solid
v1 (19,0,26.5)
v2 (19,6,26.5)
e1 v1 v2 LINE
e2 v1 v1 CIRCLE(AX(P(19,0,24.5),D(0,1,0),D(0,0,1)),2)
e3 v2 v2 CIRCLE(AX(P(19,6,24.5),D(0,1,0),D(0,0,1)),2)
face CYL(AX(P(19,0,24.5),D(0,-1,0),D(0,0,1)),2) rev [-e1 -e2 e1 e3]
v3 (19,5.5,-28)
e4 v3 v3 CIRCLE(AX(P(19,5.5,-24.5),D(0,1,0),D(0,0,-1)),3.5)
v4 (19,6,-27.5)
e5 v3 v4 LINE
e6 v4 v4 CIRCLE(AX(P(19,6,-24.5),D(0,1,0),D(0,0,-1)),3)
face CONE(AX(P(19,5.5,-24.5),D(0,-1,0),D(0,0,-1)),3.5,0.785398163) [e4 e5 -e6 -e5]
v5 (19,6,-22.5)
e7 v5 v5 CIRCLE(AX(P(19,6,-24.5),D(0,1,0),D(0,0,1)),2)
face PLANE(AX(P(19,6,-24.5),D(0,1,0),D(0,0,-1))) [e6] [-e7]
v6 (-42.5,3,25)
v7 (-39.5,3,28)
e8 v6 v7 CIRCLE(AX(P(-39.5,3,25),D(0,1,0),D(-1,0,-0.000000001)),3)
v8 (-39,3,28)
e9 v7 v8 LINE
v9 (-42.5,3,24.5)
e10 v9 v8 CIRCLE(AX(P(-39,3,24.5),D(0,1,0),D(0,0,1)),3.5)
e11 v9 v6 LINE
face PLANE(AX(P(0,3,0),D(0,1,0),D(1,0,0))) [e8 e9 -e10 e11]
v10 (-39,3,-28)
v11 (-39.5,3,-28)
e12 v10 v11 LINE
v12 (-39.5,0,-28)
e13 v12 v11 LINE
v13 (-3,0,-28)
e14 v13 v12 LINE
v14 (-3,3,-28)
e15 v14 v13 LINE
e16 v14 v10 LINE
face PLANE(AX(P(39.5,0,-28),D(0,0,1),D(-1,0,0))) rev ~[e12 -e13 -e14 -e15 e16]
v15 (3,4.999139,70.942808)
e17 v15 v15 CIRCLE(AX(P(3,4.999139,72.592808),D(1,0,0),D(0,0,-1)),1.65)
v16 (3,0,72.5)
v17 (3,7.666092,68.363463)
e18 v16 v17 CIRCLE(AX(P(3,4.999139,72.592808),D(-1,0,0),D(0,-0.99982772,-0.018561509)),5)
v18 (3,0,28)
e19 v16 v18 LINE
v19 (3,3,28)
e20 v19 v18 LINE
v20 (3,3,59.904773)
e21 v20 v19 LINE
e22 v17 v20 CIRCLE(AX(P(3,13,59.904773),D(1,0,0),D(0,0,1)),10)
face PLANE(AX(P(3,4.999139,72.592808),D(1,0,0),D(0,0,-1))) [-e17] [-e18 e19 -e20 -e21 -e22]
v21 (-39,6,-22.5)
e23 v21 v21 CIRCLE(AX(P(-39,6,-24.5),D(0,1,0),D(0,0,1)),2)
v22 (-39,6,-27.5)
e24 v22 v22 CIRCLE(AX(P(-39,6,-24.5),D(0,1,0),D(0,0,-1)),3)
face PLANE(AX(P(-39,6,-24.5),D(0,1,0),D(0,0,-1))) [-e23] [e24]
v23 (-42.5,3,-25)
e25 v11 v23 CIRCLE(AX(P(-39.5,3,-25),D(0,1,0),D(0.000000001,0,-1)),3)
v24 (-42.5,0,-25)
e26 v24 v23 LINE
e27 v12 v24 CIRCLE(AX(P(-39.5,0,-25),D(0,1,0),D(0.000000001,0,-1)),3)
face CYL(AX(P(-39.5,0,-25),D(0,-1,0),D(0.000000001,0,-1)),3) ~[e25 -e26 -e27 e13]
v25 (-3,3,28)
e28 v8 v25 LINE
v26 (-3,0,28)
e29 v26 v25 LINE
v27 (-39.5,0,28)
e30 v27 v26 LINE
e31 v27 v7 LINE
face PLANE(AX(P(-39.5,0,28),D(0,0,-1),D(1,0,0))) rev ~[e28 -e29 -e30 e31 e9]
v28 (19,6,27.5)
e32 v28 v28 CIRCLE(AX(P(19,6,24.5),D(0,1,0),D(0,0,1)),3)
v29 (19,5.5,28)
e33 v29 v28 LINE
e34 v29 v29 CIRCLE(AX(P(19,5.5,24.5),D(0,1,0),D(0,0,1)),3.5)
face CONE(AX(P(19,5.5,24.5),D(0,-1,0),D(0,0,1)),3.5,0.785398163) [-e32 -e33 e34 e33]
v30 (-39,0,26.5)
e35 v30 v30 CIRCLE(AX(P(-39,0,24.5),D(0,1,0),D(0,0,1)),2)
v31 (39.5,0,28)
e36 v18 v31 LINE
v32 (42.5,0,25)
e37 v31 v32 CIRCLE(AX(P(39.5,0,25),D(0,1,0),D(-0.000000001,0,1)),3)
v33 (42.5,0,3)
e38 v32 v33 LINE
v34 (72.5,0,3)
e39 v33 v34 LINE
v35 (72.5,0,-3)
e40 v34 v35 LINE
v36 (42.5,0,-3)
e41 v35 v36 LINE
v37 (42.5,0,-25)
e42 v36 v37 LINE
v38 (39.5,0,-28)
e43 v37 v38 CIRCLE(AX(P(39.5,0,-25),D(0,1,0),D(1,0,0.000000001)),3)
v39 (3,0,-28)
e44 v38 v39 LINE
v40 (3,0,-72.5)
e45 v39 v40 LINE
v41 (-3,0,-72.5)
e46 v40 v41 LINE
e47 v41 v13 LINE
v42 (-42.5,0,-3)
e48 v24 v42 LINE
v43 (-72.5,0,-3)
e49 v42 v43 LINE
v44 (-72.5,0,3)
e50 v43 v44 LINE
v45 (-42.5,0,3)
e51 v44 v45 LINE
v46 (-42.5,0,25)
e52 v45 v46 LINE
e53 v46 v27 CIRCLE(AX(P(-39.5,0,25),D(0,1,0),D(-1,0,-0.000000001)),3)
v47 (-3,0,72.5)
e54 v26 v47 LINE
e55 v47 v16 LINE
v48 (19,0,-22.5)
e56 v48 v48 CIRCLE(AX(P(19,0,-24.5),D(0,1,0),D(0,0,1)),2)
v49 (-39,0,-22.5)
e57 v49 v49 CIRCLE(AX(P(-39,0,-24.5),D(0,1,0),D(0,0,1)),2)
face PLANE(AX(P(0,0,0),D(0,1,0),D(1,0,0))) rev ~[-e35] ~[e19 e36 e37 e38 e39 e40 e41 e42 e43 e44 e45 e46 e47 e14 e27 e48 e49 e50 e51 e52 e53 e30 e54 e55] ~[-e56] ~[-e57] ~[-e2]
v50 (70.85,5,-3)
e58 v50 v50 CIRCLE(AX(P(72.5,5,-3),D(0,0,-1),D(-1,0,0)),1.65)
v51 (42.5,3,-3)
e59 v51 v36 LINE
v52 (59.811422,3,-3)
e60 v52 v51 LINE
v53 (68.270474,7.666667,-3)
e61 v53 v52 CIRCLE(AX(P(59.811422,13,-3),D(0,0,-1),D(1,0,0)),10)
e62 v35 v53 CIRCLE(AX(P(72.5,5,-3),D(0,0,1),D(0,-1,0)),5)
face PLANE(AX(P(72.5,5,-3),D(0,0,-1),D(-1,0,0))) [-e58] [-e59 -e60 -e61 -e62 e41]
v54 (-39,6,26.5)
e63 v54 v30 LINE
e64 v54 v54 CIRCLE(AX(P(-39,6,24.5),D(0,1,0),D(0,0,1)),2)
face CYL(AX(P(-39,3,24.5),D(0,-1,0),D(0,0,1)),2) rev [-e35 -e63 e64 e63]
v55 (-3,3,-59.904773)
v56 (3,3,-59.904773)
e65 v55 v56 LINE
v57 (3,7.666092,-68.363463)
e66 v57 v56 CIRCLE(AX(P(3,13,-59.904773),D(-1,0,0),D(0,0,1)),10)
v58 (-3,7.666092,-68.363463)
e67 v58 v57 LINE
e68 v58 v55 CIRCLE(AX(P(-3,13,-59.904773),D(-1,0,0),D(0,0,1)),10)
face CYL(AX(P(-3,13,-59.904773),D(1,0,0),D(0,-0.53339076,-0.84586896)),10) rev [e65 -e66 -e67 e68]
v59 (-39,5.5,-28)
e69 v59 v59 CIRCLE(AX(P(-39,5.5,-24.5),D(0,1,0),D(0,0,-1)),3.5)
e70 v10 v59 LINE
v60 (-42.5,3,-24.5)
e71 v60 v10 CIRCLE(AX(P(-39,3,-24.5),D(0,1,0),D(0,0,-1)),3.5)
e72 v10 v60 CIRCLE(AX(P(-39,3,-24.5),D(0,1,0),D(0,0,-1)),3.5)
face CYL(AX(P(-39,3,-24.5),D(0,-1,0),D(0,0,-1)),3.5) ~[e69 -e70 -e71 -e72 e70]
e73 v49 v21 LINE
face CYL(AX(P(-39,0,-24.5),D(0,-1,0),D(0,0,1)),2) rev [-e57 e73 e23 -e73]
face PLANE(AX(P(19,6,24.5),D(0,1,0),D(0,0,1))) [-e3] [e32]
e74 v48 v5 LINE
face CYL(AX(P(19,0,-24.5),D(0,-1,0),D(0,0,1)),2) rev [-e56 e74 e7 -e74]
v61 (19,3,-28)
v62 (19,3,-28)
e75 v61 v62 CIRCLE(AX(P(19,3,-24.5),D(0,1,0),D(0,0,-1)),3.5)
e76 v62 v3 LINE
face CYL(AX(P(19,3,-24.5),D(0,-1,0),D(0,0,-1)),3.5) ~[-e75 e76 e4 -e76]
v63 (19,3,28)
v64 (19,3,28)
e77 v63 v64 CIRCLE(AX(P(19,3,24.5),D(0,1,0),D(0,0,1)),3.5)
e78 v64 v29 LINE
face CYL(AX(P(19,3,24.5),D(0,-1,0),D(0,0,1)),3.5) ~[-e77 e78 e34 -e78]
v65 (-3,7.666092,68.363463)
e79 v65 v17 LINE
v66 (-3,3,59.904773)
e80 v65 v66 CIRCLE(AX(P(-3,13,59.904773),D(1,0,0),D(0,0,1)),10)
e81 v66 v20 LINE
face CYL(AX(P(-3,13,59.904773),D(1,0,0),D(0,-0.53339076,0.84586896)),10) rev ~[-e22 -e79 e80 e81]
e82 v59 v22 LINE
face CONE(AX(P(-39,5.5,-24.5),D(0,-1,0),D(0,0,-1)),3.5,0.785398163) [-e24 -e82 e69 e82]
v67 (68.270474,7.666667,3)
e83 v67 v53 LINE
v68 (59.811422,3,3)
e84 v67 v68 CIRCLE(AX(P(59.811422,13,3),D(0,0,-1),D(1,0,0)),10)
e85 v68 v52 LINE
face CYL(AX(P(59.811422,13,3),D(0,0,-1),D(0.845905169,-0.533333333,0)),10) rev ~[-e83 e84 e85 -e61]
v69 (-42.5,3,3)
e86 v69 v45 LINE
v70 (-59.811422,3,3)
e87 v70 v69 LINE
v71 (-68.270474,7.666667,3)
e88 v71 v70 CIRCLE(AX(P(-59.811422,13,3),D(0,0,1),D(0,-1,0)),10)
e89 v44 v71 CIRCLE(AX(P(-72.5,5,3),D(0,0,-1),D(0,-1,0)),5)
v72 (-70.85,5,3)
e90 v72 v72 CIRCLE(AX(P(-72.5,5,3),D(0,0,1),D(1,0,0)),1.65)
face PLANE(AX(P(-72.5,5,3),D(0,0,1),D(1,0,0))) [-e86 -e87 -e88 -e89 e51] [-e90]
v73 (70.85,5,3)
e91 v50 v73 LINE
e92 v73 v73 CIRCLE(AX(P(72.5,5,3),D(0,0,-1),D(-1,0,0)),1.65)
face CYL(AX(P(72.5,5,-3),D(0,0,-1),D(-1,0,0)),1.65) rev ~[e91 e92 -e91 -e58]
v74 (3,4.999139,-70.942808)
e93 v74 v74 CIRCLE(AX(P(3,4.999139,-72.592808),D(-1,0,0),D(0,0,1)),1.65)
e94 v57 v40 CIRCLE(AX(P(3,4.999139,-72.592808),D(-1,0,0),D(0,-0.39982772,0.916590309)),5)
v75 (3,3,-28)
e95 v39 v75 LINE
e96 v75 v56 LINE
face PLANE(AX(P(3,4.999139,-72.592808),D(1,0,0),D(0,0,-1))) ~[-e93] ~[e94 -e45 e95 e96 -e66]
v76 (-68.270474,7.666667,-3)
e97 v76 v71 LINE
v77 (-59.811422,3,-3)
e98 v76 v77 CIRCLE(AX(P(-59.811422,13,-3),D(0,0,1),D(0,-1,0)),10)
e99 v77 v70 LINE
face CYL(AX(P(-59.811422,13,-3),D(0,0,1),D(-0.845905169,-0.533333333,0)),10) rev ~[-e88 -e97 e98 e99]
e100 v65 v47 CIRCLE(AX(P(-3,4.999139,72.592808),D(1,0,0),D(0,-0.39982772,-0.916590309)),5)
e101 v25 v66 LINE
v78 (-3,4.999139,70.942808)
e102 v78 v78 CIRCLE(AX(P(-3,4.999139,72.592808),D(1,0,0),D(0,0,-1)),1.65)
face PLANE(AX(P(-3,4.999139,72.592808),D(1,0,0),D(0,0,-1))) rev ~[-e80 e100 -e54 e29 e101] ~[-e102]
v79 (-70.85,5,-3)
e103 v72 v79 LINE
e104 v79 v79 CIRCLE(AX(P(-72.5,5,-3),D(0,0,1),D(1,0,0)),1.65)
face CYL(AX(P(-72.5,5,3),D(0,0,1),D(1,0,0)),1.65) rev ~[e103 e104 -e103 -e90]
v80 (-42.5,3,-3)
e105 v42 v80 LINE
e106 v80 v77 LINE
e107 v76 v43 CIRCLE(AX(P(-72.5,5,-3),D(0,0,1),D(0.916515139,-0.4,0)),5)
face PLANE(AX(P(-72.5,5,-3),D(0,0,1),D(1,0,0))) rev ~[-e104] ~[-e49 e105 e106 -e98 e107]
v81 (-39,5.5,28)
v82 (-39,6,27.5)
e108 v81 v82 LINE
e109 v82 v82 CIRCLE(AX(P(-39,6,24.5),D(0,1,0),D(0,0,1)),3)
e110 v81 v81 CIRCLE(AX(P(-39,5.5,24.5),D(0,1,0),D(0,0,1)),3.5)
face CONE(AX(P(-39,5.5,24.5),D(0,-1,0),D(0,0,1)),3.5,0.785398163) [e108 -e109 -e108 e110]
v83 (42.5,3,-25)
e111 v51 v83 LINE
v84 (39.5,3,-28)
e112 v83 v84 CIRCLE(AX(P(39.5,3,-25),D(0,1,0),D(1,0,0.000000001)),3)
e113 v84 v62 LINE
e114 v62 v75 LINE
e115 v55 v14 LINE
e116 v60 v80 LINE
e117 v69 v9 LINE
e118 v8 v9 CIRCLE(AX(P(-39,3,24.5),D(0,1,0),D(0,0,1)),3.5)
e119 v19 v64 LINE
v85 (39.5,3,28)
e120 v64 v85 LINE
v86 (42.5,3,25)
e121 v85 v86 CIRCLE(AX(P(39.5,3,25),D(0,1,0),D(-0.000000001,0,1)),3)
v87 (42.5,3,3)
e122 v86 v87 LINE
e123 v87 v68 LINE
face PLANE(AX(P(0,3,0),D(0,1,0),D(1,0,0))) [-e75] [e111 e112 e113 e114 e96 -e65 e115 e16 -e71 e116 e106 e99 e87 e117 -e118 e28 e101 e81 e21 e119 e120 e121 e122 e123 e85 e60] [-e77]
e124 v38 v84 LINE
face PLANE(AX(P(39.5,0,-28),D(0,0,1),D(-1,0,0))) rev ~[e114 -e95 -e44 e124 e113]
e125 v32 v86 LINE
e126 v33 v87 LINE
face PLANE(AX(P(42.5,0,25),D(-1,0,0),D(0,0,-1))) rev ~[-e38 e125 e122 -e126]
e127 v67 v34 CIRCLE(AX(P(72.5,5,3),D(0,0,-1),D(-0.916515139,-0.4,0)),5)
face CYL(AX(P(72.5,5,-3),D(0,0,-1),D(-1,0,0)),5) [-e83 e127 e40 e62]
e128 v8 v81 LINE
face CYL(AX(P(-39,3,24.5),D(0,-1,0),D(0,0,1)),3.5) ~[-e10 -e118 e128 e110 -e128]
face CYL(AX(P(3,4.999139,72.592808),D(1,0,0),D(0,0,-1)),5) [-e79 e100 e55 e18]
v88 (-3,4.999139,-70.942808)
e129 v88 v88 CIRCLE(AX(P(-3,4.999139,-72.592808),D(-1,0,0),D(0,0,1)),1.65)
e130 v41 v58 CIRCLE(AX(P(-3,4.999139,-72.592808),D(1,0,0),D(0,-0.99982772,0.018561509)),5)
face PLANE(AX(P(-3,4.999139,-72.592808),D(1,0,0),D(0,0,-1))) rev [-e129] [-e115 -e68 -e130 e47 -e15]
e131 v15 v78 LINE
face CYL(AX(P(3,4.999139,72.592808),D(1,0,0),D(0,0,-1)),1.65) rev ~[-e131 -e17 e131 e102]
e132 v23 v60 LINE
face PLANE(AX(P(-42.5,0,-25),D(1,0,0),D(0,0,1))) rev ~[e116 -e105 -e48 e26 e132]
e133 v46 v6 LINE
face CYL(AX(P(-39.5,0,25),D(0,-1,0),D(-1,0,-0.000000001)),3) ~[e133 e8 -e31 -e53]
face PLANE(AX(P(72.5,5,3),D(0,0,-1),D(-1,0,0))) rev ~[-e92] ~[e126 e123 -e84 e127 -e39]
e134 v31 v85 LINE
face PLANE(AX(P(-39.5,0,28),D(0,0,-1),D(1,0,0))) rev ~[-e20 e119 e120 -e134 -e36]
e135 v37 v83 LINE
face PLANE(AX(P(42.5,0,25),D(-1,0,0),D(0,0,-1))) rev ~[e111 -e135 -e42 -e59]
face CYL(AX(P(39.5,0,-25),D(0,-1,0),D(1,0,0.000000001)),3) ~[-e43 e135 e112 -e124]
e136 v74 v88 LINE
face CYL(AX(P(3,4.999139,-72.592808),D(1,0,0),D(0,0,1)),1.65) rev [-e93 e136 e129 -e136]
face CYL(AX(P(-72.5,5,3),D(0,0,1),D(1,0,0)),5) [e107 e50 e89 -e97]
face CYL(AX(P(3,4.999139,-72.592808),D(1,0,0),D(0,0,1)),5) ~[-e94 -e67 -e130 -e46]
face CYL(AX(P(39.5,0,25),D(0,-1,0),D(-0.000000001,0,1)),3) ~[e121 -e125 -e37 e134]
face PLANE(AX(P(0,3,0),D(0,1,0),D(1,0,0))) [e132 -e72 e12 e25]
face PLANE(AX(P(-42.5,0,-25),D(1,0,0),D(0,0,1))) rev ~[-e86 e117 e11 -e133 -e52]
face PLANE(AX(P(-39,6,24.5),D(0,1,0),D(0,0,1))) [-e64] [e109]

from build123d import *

# Parameters (mm, degrees)
SKETCH1_R                = 2
BOSS_EXTRUDE1_DEPTH      = 3
BOSS_EXTRUDE3_DEPTH      = 3
SKETCH2_R                = 3.5
SKETCH2_R_2              = 2
BOSS_EXTRUDE2_DEPTH      = 3
SKETCH4_R                = 5
SKETCH4_R_2              = 1.65
BOSS_EXTRUDE4_DEPTH      = 6
FILLET1_R                = 10
SKETCH6_R                = 5
SKETCH6_R_2              = 1.65
BOSS_EXTRUDE5_DEPTH      = 6
FILLET2_R                = 10
CIRPATTERN4_COUNT        = 2
FILLET1_OF_CIRPATTERN4_R = 10
FILLET2_OF_MIRROR1_R     = 10
CHAMFER1_SIZE            = 0.5


with BuildPart() as part:
    # Sketch1 → Boss-Extrude1 (new body)
    with BuildSketch(Plane(origin=(0, 0, 0), x_dir=(1, 0, 0), z_dir=(0, 1, 0))):
        with BuildLine():
            Line((-39.5, -28), (39.5, -28))
            ThreePointArc((39.5, -28), (41.621320344, -27.121320344), (42.5, -25))
            Line((42.5, -25), (42.5, 25))
            ThreePointArc((42.5, 25), (41.621320344, 27.121320344), (39.5, 28))
            Line((39.5, 28), (-39.5, 28))
            ThreePointArc((-39.5, 28), (-41.621320344, 27.121320344), (-42.5, 25))
            Line((-42.5, 25), (-42.5, -25))
            ThreePointArc((-42.5, -25), (-41.621320344, -27.121320344), (-39.5, -28))
        make_face()
        with Locations(Location((-39, -24.5, 0), (0, 0, 270))):
            Circle(SKETCH1_R, mode=Mode.SUBTRACT)
        with Locations(Location((-39, 24.5, 0), (0, 0, 270))):
            Circle(SKETCH1_R, mode=Mode.SUBTRACT)
        with Locations(Location((19, 24.5, 0), (0, 0, 270))):
            Circle(SKETCH1_R, mode=Mode.SUBTRACT)
        with Locations(Location((19, -24.5, 0), (0, 0, 270))):
            Circle(SKETCH1_R, mode=Mode.SUBTRACT)
    extrude(amount=BOSS_EXTRUDE1_DEPTH)

    # Sketch3 → Boss-Extrude3 (add)
    with BuildSketch(Plane(origin=(0, 3, 0), x_dir=(1, 0, 0), z_dir=(0, 1, 0))):
        Polygon((-3, 3), (-72.5, 3), (-72.5, -3), (-3, -3), (-3, -72.5), (3, -72.5), (3, -3), (72.5, -3), (72.5, 3), (3, 3), (3, 72.5), (-3, 72.5), align=None)
    boss_extrude3 = extrude(amount=-BOSS_EXTRUDE3_DEPTH)

    # Sketch2 → Boss-Extrude2 (add)
    # profile 1 of 4: a face of its own
    with BuildSketch(Plane(origin=(0, 3, 0), x_dir=(1, 0, 0), z_dir=(0, 1, 0))):
        with Locations(Location((-39, -24.5, 0), (0, 0, 270))):
            Circle(SKETCH2_R)
        with Locations(Location((-39, -24.5, 0), (0, 0, 270))):
            Circle(SKETCH2_R_2, mode=Mode.SUBTRACT)
    # profile 2 of 4: a face of its own
    with BuildSketch(Plane(origin=(0, 3, 0), x_dir=(1, 0, 0), z_dir=(0, 1, 0))):
        with Locations(Location((-39, 24.5, 0), (0, 0, 90))):
            Circle(SKETCH2_R)
        with Locations(Location((-39, 24.5, 0), (0, 0, 270))):
            Circle(SKETCH2_R_2, mode=Mode.SUBTRACT)
    # profile 3 of 4: a face of its own
    with BuildSketch(Plane(origin=(0, 3, 0), x_dir=(1, 0, 0), z_dir=(0, 1, 0))):
        with Locations(Location((19, 24.5, 0), (0, 0, 90))):
            Circle(SKETCH2_R)
        with Locations(Location((19, 24.5, 0), (0, 0, 270))):
            Circle(SKETCH2_R_2, mode=Mode.SUBTRACT)
    # profile 4 of 4: a face of its own
    with BuildSketch(Plane(origin=(0, 3, 0), x_dir=(1, 0, 0), z_dir=(0, 1, 0))):
        with Locations(Location((19, -24.5, 0), (0, 0, 270))):
            Circle(SKETCH2_R)
        with Locations(Location((19, -24.5, 0), (0, 0, 270))):
            Circle(SKETCH2_R_2, mode=Mode.SUBTRACT)
    extrude(amount=BOSS_EXTRUDE2_DEPTH)

    # Sketch4 → Boss-Extrude4 (add)
    with BuildSketch(Plane.XY.offset(3)):
        with Locations((-72.5, 5)):
            Circle(SKETCH4_R)
        with Locations((-72.5, 5)):
            Circle(SKETCH4_R_2, mode=Mode.SUBTRACT)
    boss_extrude4 = extrude(amount=-BOSS_EXTRUDE4_DEPTH)

    # Fillet1
    fillet1_edges = [part.edges().sort_by_distance(p)[0] for p in [
        (-67.917424305, 3, 0),
    ]]
    fillet(fillet1_edges, radius=FILLET1_R)

    # Sketch6 → Boss-Extrude5 (add)
    with BuildSketch(Plane(origin=(3, 0, 0), x_dir=(0, 0, -1), z_dir=(1, 0, 0))):
        with Locations((-72.592807544, 4.999138602)):
            Circle(SKETCH6_R)
        with Locations((-72.592807544, 4.999138602)):
            Circle(SKETCH6_R_2, mode=Mode.SUBTRACT)
    boss_extrude5 = extrude(amount=-BOSS_EXTRUDE5_DEPTH)

    # Fillet2
    fillet2_edges = [part.edges().sort_by_distance(p)[0] for p in [
        (0, 3, 68.009856001),
    ]]
    fillet(fillet2_edges, radius=FILLET2_R)

    # CirPattern4: Boss-Extrude3, Boss-Extrude4 ×2 about axis
    cirpattern4_axis = Axis((0, 0, 0), (0, 1, 0))
    add([boss_extrude3.rotate(cirpattern4_axis, i * 360 / CIRPATTERN4_COUNT) for i in range(1, CIRPATTERN4_COUNT)])
    add([boss_extrude4.rotate(cirpattern4_axis, i * 360 / CIRPATTERN4_COUNT) for i in range(1, CIRPATTERN4_COUNT)])

    # Fillet1 of CirPattern4
    fillet1_of_cirpattern4_edges = [part.edges().sort_by_distance(p)[0] for p in [
        (67.917424305, 3, 0),
    ]]
    fillet(fillet1_of_cirpattern4_edges, radius=FILLET1_OF_CIRPATTERN4_R)

    # Mirror1: Boss-Extrude5 across plane
    add(boss_extrude5.mirror(Plane.XY))

    # Fillet2 of Mirror1
    fillet2_of_mirror1_edges = [part.edges().sort_by_distance(p)[0] for p in [
        (0, 3, -68.009856001),
    ]]
    fillet(fillet2_of_mirror1_edges, radius=FILLET2_OF_MIRROR1_R)

    # Chamfer1
    chamfer1_edges = [part.edges().sort_by_distance(p)[0] for p in [
        (-39, 6, 21),
        (-39, 6, -21),
        (19, 6, -21),
        (19, 6, 21),
    ]]
    chamfer(chamfer1_edges, length=CHAMFER1_SIZE)


solid = part.part
